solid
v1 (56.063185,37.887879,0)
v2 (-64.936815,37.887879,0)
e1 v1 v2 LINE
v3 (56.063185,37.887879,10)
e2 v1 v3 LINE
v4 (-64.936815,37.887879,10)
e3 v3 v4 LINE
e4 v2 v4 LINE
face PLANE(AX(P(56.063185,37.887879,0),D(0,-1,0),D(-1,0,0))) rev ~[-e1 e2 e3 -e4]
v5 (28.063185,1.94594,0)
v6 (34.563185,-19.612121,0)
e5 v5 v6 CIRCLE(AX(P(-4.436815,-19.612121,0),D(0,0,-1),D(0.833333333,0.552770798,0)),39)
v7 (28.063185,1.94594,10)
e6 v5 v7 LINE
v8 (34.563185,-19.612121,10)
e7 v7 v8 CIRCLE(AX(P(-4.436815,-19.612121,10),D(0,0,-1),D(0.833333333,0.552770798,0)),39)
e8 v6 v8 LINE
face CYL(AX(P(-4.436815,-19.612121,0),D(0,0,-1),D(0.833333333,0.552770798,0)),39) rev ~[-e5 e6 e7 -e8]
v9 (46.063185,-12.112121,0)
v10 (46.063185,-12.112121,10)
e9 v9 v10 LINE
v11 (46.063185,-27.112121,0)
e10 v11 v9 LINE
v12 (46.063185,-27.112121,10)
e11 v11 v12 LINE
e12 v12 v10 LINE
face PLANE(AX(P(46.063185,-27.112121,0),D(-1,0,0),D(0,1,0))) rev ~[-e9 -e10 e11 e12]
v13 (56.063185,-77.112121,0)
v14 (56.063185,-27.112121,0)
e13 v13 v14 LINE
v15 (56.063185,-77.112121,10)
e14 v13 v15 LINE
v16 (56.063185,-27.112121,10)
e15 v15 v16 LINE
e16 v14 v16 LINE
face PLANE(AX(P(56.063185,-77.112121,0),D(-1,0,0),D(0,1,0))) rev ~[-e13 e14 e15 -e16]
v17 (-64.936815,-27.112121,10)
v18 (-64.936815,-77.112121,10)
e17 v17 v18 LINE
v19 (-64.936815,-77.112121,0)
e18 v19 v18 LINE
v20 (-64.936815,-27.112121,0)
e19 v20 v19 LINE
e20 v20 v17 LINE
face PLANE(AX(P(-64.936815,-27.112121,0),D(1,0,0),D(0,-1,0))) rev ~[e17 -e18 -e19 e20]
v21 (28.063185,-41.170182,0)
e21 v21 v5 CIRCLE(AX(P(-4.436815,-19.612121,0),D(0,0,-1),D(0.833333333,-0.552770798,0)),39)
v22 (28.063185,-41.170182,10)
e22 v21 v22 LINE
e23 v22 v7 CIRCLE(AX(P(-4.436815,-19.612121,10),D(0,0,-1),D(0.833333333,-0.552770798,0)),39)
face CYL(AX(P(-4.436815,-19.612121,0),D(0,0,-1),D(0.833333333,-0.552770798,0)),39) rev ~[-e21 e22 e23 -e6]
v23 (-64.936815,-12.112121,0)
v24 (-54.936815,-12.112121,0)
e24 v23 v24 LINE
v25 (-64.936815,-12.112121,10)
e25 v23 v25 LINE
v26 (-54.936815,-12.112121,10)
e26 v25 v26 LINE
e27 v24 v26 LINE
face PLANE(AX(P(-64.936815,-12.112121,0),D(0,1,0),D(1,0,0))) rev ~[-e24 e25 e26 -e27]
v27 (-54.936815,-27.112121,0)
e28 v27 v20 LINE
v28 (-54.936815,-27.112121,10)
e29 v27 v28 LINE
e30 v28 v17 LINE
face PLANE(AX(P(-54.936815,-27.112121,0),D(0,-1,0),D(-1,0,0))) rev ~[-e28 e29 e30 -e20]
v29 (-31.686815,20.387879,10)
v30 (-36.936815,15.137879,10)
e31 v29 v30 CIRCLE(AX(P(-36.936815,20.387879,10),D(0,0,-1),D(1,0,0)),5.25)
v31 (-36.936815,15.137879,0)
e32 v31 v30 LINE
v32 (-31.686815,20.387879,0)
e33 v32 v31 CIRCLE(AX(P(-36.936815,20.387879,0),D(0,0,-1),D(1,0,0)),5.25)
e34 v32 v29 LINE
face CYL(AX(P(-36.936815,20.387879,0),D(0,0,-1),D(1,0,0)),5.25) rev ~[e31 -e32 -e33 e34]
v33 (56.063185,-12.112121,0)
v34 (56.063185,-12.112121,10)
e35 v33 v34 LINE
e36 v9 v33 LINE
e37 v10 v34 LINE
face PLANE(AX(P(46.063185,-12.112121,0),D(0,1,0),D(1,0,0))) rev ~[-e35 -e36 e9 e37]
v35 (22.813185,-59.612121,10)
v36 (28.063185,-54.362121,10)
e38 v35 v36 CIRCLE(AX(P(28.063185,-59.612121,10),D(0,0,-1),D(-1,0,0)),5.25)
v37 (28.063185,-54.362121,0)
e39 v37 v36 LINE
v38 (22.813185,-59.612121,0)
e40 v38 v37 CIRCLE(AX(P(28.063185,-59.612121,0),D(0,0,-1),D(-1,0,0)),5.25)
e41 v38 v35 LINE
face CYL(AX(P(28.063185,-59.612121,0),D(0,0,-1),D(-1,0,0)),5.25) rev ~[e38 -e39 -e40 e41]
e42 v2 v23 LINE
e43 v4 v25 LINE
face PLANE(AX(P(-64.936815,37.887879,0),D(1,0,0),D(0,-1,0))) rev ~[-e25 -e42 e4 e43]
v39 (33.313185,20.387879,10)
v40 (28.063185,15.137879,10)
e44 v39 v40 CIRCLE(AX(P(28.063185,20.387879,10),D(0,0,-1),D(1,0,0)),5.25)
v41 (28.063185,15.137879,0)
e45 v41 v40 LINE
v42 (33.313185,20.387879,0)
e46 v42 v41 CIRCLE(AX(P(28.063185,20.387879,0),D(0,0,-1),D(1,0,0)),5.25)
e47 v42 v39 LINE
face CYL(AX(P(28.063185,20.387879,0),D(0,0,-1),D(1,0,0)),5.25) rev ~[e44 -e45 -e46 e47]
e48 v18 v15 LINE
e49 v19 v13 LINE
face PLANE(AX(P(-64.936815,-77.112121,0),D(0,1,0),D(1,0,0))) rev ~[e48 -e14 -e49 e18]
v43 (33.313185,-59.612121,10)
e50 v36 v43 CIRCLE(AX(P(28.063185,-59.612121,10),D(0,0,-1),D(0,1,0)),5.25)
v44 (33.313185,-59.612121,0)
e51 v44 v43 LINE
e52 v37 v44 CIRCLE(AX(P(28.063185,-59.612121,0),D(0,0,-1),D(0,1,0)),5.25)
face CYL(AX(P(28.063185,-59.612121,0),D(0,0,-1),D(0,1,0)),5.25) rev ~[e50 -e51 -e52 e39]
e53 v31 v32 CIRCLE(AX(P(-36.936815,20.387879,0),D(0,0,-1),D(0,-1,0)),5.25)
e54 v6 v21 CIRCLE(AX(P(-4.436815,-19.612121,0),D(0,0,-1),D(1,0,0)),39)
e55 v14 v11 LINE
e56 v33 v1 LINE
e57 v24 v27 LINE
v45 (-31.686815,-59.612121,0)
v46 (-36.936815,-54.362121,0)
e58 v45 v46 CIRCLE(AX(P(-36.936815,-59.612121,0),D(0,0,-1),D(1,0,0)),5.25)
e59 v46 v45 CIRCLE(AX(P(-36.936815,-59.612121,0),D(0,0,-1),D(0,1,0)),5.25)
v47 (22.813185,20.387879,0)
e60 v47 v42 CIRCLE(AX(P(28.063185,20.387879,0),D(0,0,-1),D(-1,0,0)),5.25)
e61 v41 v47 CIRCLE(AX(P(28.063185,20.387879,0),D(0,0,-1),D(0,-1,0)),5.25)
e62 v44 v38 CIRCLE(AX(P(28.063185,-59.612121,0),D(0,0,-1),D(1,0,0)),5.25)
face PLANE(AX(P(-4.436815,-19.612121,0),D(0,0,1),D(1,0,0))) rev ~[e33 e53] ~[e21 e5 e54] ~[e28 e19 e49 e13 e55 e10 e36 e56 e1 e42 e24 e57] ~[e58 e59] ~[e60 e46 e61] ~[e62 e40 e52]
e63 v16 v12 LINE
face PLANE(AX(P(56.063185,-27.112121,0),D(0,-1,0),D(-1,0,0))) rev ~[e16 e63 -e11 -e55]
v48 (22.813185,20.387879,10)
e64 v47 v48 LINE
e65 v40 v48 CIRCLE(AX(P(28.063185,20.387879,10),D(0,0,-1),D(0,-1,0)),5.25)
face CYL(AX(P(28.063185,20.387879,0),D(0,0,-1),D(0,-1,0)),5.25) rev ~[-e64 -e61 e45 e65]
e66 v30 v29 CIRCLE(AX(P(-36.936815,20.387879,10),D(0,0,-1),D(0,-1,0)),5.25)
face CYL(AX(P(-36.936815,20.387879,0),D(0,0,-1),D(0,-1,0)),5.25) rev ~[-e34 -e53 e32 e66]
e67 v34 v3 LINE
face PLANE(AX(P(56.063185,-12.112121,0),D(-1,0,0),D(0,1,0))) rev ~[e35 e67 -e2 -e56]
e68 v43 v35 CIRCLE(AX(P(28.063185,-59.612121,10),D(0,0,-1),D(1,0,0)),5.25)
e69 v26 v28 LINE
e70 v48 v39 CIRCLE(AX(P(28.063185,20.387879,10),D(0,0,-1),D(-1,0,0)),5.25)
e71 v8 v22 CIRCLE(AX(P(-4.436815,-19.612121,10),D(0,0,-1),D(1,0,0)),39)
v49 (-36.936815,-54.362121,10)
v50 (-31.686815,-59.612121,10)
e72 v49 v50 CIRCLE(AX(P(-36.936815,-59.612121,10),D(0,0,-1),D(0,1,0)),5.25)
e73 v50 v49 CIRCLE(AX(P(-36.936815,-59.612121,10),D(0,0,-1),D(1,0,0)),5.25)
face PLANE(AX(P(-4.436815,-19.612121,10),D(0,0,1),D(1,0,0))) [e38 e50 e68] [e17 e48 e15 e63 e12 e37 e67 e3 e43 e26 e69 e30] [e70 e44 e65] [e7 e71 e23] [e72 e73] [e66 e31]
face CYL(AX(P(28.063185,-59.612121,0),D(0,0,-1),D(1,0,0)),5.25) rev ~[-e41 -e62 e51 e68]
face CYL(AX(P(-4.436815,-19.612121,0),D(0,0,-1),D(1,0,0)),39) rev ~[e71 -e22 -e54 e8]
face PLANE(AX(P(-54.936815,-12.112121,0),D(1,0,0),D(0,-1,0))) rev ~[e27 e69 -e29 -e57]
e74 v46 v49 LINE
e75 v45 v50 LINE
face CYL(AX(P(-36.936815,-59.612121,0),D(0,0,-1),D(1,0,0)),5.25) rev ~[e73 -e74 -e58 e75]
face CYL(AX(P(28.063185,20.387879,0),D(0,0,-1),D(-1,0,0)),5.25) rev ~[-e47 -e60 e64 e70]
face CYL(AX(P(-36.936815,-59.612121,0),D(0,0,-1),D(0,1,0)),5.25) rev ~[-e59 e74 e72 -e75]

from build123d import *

# Parameters (mm, degrees)
F1_DEPTH = 10


with BuildPart() as f1:
    # F0 (on Top) → F1 (new body)
    with BuildSketch(Plane.XY):
        Polygon((56.0631853342, 37.8878792375), (-64.9368146658, 37.8878792375), (-64.9368146658, -12.1121207625), (-54.9368146658, -12.1121207625), (-54.9368146658, -27.1121207625), (-64.9368146658, -27.1121207625), (-64.9368146658, -77.1121207625), (56.0631853342, -77.1121207625), (56.0631853342, -27.1121207625), (46.0631853342, -27.1121207625), (46.0631853342, -12.1121207625), (56.0631853342, -12.1121207625), align=None)
        with BuildLine():
            ThreePointArc((28.0631853342, 1.9459403748), (32.9028425367, -8.3537905133), (34.5631853342, -19.6121207625))
            ThreePointArc((34.5631853342, -19.6121207625), (32.9028425367, -30.8704510117), (28.0631853342, -41.1701818998))
            Line((28.0631853342, -41.1701818998), (28.0631853342, -54.3621207625))
            ThreePointArc((28.0631853342, -54.3621207625), (31.7754959354, -55.8998101612), (33.3131853342, -59.6121207625))
            ThreePointArc((33.3131853342, -59.6121207625), (28.0631853342, -64.8621207625), (22.8131853342, -59.6121207625))
            Line((22.8131853342, -59.6121207625), (-31.6868146658, -59.6121207625))
            ThreePointArc((-31.6868146658, -59.6121207625), (-40.649125267, -63.3244313637), (-36.9368146658, -54.3621207625))
            Line((-36.9368146658, -54.3621207625), (-36.9368146658, -41.1701818998))
            ThreePointArc((-36.9368146658, -41.1701818998), (-43.4368146658, -19.6121207625), (-36.9368146658, 1.9459403748))
            Line((-36.9368146658, 1.9459403748), (-36.9368146658, 15.1378792375))
            ThreePointArc((-36.9368146658, 15.1378792375), (-40.649125267, 24.1001898388), (-31.6868146658, 20.3878792375))
            Line((-31.6868146658, 20.3878792375), (22.8131853342, 20.3878792375))
            ThreePointArc((22.8131853342, 20.3878792375), (28.0631853342, 25.6378792375), (33.3131853342, 20.3878792375))
            ThreePointArc((33.3131853342, 20.3878792375), (31.7754959354, 16.6755686363), (28.0631853342, 15.1378792375))
            Line((28.0631853342, 15.1378792375), (28.0631853342, 1.9459403748))
        make_face(mode=Mode.SUBTRACT)
        with BuildLine():
            ThreePointArc((-36.9368146658, 1.9459403748), (-4.4368146658, 19.3878792375), (28.0631853342, 1.9459403748))
            Line((28.0631853342, 1.9459403748), (28.0631853342, 15.1378792375))
            ThreePointArc((28.0631853342, 15.1378792375), (24.350874733, 16.6755686363), (22.8131853342, 20.3878792375))
            Line((22.8131853342, 20.3878792375), (-31.6868146658, 20.3878792375))
            ThreePointArc((-31.6868146658, 20.3878792375), (-33.2245040646, 16.6755686363), (-36.9368146658, 15.1378792375))
            Line((-36.9368146658, 15.1378792375), (-36.9368146658, 1.9459403748))
        make_face()
        with BuildLine():
            Line((28.0631853342, -54.3621207625), (28.0631853342, -41.1701818998))
            ThreePointArc((28.0631853342, -41.1701818998), (-4.4368146658, -58.6121207625), (-36.9368146658, -41.1701818998))
            Line((-36.9368146658, -41.1701818998), (-36.9368146658, -54.3621207625))
            ThreePointArc((-36.9368146658, -54.3621207625), (-33.2245040646, -55.8998101612), (-31.6868146658, -59.6121207625))
            Line((-31.6868146658, -59.6121207625), (22.8131853342, -59.6121207625))
            ThreePointArc((22.8131853342, -59.6121207625), (24.350874733, -55.8998101612), (28.0631853342, -54.3621207625))
        make_face()
    extrude(amount=F1_DEPTH)


solid = f1.part
